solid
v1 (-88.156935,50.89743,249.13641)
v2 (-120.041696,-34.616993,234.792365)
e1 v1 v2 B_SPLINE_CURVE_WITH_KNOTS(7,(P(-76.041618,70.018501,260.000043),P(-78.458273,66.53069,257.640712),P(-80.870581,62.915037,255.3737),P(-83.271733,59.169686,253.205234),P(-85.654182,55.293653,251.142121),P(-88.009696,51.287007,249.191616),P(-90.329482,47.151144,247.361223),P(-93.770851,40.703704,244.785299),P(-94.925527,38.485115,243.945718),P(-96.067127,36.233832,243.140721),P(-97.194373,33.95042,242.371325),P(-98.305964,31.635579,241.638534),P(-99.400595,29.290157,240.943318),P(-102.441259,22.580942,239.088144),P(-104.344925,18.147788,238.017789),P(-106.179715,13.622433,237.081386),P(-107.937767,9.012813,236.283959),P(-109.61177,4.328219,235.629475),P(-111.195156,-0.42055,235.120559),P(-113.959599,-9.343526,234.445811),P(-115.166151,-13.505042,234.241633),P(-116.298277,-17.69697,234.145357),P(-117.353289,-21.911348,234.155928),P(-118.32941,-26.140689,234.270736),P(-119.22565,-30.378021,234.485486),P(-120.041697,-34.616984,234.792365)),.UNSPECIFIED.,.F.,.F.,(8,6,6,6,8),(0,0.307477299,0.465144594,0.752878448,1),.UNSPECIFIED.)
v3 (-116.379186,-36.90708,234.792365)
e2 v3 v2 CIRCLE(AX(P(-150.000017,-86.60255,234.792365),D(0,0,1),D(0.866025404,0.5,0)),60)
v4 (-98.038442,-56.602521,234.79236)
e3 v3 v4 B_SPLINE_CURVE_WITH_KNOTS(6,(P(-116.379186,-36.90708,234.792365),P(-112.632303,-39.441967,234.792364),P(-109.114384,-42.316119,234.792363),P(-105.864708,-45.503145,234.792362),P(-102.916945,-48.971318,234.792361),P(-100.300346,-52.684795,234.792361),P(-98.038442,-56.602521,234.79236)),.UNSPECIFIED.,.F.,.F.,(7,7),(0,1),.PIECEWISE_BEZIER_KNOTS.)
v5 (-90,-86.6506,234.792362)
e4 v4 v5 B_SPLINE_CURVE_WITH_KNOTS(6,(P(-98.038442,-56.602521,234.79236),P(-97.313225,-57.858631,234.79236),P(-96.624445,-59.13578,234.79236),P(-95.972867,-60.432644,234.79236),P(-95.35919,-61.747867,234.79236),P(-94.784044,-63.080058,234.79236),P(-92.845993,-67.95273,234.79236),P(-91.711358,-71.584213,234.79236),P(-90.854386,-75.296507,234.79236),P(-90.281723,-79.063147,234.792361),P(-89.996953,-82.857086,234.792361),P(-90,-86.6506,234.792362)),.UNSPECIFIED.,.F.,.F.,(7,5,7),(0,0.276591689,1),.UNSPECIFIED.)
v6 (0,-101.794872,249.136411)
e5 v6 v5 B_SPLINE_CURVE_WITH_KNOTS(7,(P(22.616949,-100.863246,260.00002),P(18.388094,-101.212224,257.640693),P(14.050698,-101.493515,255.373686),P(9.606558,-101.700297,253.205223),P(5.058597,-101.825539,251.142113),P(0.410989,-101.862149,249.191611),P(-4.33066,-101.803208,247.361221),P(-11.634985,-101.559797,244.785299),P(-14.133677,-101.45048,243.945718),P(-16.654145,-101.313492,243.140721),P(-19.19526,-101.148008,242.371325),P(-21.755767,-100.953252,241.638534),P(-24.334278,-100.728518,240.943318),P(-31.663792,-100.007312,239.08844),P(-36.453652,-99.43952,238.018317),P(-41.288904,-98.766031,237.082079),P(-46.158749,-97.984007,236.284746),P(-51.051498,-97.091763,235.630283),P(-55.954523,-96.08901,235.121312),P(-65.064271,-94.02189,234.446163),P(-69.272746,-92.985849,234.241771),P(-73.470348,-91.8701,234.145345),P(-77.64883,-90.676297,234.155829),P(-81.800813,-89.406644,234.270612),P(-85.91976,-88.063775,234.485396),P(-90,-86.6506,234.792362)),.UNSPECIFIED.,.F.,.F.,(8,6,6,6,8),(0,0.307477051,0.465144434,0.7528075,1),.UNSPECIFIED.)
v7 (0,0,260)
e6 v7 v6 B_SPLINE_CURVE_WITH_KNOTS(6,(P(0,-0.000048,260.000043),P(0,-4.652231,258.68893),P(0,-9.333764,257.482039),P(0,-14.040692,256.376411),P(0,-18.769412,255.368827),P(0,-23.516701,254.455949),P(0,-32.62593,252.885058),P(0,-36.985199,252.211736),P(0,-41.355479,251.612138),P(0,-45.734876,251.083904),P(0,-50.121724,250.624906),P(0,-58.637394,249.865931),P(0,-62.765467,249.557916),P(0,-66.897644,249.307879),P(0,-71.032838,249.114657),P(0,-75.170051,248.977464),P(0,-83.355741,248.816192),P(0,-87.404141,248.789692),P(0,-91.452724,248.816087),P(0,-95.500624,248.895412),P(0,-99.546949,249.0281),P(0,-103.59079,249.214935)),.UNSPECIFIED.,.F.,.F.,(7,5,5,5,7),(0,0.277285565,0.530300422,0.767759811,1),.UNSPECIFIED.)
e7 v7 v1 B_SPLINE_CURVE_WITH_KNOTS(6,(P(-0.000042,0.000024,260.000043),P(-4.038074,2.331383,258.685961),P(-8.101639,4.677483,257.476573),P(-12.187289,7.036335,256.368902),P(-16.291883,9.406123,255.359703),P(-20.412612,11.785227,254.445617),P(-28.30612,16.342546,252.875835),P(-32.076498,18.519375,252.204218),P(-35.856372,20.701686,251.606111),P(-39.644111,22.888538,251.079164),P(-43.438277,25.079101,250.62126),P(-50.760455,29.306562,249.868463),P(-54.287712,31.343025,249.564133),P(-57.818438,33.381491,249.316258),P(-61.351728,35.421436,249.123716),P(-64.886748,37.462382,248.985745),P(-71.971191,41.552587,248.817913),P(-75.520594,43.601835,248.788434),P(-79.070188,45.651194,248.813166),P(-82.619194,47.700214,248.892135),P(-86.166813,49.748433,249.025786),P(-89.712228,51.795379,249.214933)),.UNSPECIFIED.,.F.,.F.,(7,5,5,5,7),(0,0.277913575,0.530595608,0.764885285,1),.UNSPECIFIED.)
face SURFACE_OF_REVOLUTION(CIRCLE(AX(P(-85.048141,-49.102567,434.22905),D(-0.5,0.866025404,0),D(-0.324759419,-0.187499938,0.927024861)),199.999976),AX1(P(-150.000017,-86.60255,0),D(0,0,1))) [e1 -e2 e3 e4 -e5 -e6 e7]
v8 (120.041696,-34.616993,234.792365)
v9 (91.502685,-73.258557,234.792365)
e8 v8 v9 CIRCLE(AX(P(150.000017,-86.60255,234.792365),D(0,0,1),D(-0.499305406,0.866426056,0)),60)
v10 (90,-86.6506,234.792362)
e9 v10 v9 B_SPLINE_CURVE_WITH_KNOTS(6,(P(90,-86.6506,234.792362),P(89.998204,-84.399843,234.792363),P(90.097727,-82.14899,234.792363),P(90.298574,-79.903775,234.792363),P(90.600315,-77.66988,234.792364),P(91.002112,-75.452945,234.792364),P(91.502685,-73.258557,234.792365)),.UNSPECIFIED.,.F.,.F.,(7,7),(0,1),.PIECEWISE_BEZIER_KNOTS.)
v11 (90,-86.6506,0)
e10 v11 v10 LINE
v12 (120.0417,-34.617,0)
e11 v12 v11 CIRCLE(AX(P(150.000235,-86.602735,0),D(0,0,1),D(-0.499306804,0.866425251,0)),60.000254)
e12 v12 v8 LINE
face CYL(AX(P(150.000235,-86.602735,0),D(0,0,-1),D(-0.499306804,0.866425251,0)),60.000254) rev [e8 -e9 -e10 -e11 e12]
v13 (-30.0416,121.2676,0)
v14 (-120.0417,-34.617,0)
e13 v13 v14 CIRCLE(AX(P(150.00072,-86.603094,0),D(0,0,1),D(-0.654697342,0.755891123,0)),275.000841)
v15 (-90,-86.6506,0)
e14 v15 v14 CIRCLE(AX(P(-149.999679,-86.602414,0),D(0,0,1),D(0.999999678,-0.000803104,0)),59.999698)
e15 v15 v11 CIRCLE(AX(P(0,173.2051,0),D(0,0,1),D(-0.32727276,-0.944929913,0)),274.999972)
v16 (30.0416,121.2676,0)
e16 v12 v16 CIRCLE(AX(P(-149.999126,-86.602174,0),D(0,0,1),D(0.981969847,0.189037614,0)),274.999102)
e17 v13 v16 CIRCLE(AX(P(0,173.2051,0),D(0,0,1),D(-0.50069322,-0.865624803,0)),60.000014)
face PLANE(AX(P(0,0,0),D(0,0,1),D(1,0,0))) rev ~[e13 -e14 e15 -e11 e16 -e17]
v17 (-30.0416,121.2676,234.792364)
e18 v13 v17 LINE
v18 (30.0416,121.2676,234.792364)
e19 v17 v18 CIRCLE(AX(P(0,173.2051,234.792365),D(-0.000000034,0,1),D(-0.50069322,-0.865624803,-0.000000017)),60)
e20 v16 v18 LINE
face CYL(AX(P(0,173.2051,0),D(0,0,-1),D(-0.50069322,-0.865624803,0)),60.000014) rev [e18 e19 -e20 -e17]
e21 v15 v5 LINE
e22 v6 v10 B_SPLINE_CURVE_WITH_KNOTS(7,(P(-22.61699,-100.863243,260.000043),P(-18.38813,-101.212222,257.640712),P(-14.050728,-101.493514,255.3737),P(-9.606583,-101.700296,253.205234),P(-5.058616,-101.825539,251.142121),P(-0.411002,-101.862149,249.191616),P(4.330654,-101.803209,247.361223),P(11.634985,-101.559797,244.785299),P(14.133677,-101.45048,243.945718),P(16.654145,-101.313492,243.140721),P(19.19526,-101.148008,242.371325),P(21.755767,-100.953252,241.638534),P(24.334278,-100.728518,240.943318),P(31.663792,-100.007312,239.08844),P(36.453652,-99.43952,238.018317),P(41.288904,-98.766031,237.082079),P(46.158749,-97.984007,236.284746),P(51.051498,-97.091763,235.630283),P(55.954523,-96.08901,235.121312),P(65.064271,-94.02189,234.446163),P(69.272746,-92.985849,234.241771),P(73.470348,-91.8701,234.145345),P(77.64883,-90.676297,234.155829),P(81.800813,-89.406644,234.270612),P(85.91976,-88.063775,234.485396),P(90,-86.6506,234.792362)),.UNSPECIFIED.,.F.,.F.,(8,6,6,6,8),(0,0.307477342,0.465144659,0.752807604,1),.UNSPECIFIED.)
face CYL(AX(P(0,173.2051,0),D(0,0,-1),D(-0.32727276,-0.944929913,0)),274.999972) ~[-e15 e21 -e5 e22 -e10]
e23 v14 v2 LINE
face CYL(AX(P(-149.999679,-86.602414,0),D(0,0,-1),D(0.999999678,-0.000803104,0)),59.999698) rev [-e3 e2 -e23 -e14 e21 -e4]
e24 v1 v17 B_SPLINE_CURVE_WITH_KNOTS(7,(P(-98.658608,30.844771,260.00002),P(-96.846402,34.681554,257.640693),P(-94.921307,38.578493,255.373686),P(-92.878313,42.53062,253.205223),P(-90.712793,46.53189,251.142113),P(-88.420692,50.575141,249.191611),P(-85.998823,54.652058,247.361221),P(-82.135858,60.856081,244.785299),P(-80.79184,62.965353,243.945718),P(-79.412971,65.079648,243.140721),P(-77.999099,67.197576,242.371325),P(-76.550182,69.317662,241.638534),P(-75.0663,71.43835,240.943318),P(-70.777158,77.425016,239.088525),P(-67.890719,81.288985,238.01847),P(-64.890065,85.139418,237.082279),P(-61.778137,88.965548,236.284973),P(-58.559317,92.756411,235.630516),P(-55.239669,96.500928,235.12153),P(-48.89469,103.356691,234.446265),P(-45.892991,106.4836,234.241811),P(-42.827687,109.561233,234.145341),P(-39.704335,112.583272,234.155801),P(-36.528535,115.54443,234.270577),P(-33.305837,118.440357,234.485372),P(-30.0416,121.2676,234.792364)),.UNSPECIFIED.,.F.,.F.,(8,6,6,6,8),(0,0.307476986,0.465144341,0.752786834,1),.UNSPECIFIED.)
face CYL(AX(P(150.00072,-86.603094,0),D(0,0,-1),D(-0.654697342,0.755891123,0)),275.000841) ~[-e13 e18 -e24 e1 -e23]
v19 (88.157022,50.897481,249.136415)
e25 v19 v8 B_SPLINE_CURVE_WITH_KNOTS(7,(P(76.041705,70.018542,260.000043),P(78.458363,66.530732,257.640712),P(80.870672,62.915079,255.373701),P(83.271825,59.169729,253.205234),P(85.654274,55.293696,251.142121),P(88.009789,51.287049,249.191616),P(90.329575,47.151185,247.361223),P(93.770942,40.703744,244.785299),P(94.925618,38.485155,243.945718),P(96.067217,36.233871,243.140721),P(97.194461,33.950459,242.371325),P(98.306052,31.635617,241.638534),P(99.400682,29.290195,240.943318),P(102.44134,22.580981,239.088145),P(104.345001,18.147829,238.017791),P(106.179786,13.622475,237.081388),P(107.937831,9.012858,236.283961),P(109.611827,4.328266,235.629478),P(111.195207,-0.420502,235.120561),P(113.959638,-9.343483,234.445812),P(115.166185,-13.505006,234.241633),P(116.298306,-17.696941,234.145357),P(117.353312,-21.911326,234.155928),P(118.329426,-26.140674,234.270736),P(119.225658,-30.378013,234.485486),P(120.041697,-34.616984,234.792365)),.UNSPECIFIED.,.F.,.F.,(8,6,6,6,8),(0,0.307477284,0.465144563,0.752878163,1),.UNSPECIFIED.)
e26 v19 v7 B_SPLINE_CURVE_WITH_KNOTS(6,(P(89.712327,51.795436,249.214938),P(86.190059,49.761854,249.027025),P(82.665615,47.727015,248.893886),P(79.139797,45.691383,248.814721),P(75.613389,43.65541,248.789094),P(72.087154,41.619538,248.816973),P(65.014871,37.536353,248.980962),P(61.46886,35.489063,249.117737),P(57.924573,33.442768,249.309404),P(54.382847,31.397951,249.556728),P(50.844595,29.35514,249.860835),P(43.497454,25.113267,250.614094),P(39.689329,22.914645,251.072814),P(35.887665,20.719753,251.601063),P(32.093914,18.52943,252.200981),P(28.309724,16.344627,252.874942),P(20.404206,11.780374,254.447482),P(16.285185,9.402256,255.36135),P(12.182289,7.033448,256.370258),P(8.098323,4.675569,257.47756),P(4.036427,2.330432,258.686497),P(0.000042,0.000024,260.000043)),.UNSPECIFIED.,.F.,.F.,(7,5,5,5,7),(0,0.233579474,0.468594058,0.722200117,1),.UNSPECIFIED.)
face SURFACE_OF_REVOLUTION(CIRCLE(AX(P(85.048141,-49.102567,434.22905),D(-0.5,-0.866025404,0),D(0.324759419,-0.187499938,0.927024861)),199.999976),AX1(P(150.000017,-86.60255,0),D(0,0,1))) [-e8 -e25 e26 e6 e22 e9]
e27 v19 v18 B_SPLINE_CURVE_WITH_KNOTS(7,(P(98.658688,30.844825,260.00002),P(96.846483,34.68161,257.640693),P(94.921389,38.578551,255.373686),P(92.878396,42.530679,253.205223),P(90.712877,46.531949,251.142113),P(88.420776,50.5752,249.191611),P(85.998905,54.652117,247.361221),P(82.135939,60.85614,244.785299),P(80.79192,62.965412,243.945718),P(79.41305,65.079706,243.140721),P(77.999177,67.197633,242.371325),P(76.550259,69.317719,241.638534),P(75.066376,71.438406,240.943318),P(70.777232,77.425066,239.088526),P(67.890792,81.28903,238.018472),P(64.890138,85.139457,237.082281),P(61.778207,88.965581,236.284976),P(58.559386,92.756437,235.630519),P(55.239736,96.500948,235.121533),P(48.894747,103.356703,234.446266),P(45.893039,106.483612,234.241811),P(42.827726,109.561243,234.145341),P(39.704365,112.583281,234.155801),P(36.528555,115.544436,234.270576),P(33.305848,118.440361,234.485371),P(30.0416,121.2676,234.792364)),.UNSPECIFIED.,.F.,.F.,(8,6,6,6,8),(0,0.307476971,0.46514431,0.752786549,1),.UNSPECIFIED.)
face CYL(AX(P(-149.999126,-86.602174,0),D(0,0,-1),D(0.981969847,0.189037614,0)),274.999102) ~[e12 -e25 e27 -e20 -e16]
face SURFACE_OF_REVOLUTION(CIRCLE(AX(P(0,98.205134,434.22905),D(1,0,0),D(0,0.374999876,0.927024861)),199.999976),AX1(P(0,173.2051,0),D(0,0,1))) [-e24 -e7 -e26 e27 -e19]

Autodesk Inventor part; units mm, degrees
ref_plane "YZ Plane" through (0, 0, 0) normal (1, 0, 0) x (0, 1, 0)
ref_plane "XZ Plane" through (0, 0, 0) normal (0, 1, 0) x (-1, 0, 0)
ref_plane "XY Plane" through (0, 0, 0) normal (0, 0, 1) x (1, 0, 0)
sketch "Sketch1" plane through (0, 0, 0) normal (0, 0, 1) x (1, 0, 0)
  line L0 (-150, -86.6025) -> (0, 173.2051) construction
  line L1 (0, 173.2051) -> (150, -86.6025) construction
  line L2 (150, -86.6025) -> (-150, -86.6025) construction
  arc A0 (120.0417, -34.617) -> (30.0416, 121.2676) centre (-150, -86.6025) ccw
  arc A1 (-90, -86.6506) -> (-120.0417, -34.617) centre (-150, -86.6025) ccw
  arc A2 (120.0417, -34.617) -> (90, -86.6506) centre (150, -86.6025) ccw
  arc A3 (-30.0416, 121.2676) -> (30.0416, 121.2676) centre (0, 173.2051) ccw
  arc A4 (-30.0416, 121.2676) -> (-120.0417, -34.617) centre (150, -86.6025) ccw
  arc A5 (-90, -86.6506) -> (90, -86.6506) centre (0, 173.2051) ccw
  point P0 (0, 0)
  point P1 (0, 0)
  dimension "d0" = 300
  dimension "d2" = 120
  dimension "d3" = 275
extrude "Extrusion1" add sketch "Sketch1" along normal blind 260
sketch "Sketch2" plane through (0, 0, 0) normal (1, 0, 0) x (0, 1, 0)
  line L0 (113.2051, 260) -> (113.2051, 0) projected
  line L1 (113.2051, 0) -> (-101.7949, 0) projected
  line L2 (-101.7949, 0) -> (-101.7949, 260) projected
  line L3 (-101.7949, 260) -> (113.2051, 260) projected
  line L4 (0, 0) -> (0, 260)
  arc A0 (173.2051, 619.634) -> (173.2051, 248.8241) centre (98.2051, 434.2291) ccw
  line L5 (113.2051, 260) -> (121.2676, 260) projected
  line L6 (173.2051, -124.8458) -> (173.2051, 749.0749) projected
  line L7 (173.2051, 619.634) -> (173.2051, 248.8241)
  dimension "d6" = 75
  dimension "d7" = 400
revolve "Revolution1" cut sketch "Sketch2" angle 360 about axis through (0, 173.2051, 0) along (0, 0, 1) contours L3 A0 L6 L0 | L0 A0 L3
pattern_circular "Circular Pattern1" count 3 over 360 about axis through (0, 0, -10) along (0, 0, 1) of "Revolution1"
properties part number "VOLUME"
